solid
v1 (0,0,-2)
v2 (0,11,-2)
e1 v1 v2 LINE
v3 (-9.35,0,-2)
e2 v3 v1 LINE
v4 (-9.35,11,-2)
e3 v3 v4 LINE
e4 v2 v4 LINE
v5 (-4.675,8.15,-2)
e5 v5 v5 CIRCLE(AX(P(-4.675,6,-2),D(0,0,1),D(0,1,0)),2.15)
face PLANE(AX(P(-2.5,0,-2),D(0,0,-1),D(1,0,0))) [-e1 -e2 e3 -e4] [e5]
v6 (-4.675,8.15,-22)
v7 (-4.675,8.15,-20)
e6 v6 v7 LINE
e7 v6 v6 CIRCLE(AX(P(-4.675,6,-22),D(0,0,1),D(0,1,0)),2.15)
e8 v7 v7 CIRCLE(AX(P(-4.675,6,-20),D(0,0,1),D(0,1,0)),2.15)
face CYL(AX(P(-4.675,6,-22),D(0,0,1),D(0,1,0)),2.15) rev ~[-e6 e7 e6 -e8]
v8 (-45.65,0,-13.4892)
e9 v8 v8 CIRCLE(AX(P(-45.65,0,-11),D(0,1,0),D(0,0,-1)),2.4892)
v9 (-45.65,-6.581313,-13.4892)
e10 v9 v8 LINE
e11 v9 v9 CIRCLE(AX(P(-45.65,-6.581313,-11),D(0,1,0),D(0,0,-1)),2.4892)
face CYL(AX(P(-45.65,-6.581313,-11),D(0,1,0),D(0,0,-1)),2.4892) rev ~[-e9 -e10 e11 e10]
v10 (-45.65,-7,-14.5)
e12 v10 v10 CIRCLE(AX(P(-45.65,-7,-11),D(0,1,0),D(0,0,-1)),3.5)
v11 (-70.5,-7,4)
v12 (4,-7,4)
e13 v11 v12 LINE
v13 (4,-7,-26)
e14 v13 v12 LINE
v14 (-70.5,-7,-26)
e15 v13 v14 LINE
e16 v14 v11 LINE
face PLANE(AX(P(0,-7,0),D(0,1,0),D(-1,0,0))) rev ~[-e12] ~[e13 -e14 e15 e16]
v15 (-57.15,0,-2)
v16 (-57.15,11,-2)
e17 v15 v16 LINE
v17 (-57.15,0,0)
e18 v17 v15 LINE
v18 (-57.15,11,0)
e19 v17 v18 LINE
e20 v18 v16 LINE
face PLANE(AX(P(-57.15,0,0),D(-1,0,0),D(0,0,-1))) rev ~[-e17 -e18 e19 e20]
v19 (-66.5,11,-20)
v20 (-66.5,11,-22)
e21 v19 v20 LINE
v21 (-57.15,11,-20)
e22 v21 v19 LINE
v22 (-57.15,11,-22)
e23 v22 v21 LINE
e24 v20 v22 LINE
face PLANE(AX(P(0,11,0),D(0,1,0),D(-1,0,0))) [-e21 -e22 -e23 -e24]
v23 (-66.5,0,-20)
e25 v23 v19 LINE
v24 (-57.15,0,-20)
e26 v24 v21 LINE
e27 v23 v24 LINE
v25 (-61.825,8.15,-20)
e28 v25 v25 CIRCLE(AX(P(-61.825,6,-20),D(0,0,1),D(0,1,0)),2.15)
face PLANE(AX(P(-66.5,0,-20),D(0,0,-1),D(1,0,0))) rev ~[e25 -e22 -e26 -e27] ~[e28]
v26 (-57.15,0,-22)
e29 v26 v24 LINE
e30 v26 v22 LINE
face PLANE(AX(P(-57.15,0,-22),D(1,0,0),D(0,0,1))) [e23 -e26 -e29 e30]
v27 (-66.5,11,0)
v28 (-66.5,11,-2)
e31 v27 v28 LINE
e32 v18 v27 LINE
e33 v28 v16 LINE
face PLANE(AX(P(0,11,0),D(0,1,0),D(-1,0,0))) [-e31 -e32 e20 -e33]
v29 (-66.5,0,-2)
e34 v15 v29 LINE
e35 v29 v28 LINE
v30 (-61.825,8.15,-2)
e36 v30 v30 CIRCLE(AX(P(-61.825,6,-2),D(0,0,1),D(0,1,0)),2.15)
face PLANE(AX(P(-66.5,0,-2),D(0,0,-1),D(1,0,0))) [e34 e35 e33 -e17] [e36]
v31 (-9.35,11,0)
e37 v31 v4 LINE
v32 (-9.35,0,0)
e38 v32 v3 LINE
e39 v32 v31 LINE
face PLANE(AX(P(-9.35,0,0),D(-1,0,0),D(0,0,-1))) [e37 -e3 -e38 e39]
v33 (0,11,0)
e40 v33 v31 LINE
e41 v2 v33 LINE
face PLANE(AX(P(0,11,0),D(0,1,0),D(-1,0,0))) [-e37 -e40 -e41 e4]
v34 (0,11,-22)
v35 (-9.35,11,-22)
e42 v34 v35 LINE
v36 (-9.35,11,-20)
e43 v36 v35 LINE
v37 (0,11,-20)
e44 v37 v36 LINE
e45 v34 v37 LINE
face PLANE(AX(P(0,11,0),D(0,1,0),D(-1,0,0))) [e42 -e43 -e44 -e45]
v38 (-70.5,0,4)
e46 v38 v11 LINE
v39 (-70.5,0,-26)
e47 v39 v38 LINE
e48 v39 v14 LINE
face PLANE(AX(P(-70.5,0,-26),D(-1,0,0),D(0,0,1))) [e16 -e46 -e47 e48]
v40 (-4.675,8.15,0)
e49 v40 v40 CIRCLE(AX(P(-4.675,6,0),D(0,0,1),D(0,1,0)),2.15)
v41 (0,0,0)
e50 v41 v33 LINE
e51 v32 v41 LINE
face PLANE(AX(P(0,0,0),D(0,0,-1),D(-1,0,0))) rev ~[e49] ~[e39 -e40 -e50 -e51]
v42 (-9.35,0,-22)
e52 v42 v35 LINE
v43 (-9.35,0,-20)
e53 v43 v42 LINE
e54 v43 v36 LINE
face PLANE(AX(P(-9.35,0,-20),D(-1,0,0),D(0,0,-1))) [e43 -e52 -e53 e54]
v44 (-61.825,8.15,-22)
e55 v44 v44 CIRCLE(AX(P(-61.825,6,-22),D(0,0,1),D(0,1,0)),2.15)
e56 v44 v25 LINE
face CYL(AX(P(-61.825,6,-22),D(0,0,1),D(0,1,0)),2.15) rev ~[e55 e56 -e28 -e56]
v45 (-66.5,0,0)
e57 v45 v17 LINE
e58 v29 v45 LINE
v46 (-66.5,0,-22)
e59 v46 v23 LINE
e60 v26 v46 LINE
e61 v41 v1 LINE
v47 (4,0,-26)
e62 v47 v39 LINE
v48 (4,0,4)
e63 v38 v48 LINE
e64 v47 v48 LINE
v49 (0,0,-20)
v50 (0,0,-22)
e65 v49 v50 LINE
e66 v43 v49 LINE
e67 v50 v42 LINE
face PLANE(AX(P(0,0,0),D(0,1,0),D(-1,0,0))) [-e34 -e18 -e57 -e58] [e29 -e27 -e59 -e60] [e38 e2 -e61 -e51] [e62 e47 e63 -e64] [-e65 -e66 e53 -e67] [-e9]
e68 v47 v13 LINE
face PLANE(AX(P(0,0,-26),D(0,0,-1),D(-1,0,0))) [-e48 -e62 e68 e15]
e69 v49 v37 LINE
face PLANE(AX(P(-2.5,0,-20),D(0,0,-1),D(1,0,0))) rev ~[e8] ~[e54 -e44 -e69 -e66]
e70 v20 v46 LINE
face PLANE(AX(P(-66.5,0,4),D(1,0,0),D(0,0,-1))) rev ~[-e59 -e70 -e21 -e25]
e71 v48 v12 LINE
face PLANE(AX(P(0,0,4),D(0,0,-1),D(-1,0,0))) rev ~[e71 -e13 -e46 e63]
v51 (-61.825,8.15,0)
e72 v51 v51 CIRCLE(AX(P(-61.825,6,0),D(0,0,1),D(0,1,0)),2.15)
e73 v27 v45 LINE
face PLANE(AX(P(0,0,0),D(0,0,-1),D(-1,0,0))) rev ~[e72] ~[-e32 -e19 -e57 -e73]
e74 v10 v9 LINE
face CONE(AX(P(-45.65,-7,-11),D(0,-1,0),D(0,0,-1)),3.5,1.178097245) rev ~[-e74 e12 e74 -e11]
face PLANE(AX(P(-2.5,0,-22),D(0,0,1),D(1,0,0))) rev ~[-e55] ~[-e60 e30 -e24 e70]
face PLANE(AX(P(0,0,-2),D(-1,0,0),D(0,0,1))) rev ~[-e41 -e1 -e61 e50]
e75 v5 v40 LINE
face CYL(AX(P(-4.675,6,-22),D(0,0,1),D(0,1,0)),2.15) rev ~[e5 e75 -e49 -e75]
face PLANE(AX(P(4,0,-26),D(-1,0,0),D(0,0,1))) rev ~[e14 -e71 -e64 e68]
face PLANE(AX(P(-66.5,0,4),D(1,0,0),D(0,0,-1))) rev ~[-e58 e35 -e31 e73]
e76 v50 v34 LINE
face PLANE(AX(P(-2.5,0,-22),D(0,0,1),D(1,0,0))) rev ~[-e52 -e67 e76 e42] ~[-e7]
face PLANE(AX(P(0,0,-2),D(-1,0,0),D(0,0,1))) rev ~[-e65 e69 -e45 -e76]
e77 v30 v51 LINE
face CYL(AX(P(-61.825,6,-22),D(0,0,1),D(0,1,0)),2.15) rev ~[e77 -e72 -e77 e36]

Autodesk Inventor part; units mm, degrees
ref_plane "YZ Plane" through (0, 0, 0) normal (1, 0, 0) x (0, 1, 0)
ref_plane "XZ Plane" through (0, 0, 0) normal (0, 1, 0) x (-1, 0, 0)
ref_plane "XY Plane" through (0, 0, 0) normal (0, 0, 1) x (1, 0, 0)
sketch "Sketch1" plane through (0, 0, 0) normal (0, 1, 0) x (-1, 0, 0)
  line L0 (0, 0) -> (66.5, 0)
  line L1 (66.5, 0) -> (66.5, -22)
  line L2 (66.5, -22) -> (0, -22)
  line L3 (0, -22) -> (0, 0)
  line L4 (66.5, -2) -> (0, -2)
  line L5 (66.5, -20) -> (0, -20)
  line L6 (9.35, 0) -> (9.35, -2)
  line L7 (9.35, -20) -> (9.35, -22)
  line L8 (59.65, 0) -> (59.65, -2)
  line L9 (59.65, -20) -> (59.65, -22)
  line L10 (57.15, -22) -> (57.15, -20)
  line L11 (64, -22) -> (64, -20)
  line L12 (2.5, -22) -> (2.5, -20)
  line L13 (6.85, -22) -> (6.85, -20)
  line L14 (0, -11) -> (66.5, -11)
  line L15 (9.35, -2) -> (9.35, 0)
  line L16 (59.65, -2) -> (59.65, 0)
  line L17 (57.15, 0) -> (57.15, -2)
  line L18 (64, 0) -> (64, -2)
  line L19 (2.5, 0) -> (2.5, -2)
  line L20 (6.85, 0) -> (6.85, -2)
  line L21 (33.25, -2) -> (33.25, -20)
  line L22 (66.5, -22) -> (0, -22)
  line L23 (0, -22) -> (0, -26)
  line L24 (0, -26) -> (66.5, -26)
  line L25 (66.5, -26) -> (66.5, -22)
  line L26 (66.5, 0) -> (0, 0)
  line L27 (0, 0) -> (0, 4)
  line L28 (0, 4) -> (66.5, 4)
  line L29 (66.5, 4) -> (66.5, 0)
  line L30 (66.5, -26) -> (70.5, -26)
  line L31 (70.5, -26) -> (70.5, 4)
  line L32 (70.5, 4) -> (66.5, 4)
  line L33 (66.5, 4) -> (66.5, -26)
  line L34 (0, -26) -> (-4, -26)
  line L35 (-4, -26) -> (-4, 4)
  line L36 (-4, 4) -> (0, 4)
  line L37 (0, 4) -> (0, -26)
  point P0 (2.5, -21)
  point P1 (57.15, -21)
  point P2 (59.65, -21)
  point P3 (64, -21)
  point P4 (6.85, -21)
  point P5 (57.15, -2)
  point P6 (33.25, -11)
  point P7 (0, -22)
  point P8 (0, -22)
  dimension "d2" = 2
  dimension "d3" = 2
  dimension "d36" = 18
  dimension "d38" = 4.35
  dimension "d39" = 4.35
  dimension "d40" = 61.5
  dimension "d41" = 2.5
  dimension "d42" = 2.5
  dimension "d43" = 2.5
  dimension "d44" = 2.5
  dimension "d67" = 4
  dimension "d68" = 4
  dimension "d71" = 4
  dimension "d72" = 4
extrude "Extrusion2" add sketch "Sketch1" against normal blind 7 contours L0 L19 L4 L3 | L0 L20 L4 L19 | L4 L21 L14 L3 | L0 L6 L4 L20 | L14 L21 L5 L3 | L0 L17 L4 L6 | L5 L12 L2 L3 | L21 L4 L1 L14 | L14 L1 L5 L21 | L1 L4 L18 L0 | L0 L8 L4 L17 | L5 L13 L2 L12 | L5 L10 L2 L7 | L18 L4 L8 L0 | L5 L7 L2 L13 | L1 L2 L11 L5 | L5 L9 L2 L10 | L11 L2 L9 L5
extrude "Extrusion5" add sketch "Sketch1" along normal blind 11 contours L0 L19 L4 L3 | L0 L20 L4 L19 | L0 L6 L4 L20 | L5 L12 L2 L3 | L1 L4 L18 L0 | L0 L8 L4 L17 | L5 L13 L2 L12 | L18 L4 L8 L0 | L5 L7 L2 L13 | L1 L2 L11 L5 | L5 L9 L2 L10 | L11 L2 L9 L5
sketch "Sketch5" plane through (-66.5, -7, 0) normal (0, 0, 1) x (1, 0, 0)
  point P0 (66.5, 7)
sketch "Sketch6" plane through (-66.5, -7, 0) normal (0, 0, 1) x (1, 0, 0)
  point P0 (66.5, 7)
sketch "Sketch7" plane through (-66.5, -7, 0) normal (0, 0, 1) x (1, 0, 0)
  line L0 (66.5, 0) -> (66.5, 18) projected
  line L1 (57.15, 18) -> (66.5, 18) projected
  line L2 (0, 18) -> (9.35, 18) projected
  line L3 (9.35, 7) -> (9.35, 18) projected
  point P0 (66.5, 7)
  point P1 (61.825, 13)
  point P2 (4.675, 13)
  dimension "d55" = 4.675
  dimension "d56" = 5
  dimension "d57" = 5
  dimension "d58" = 4.675
sketch "Sketch8" plane through (0, -7, -22) normal (0, 0, -1) x (-1, 0, 0)
  point P0 (0, 7)
  point P1 (4.675, 13)
  point P2 (61.825, 13)
hole "Hole3" at (-4.675, 6, -22) at (-61.825, 6, -22) direction (0, 0, 1) diameter 4.3 end through all
extrude "Extrusion6" add sketch "Sketch1" against normal blind 7 contours L27 L28 L29 L0 | L2 L25 L24 L23
extrude "Extrusion7" add sketch "Sketch1" against normal blind 7 contours L3 L23 L34 L35 L36 L27 | L32 L31 L30 L25 L1 L29
sketch "Sketch9" plane through (0, -7, 0) normal (0, -1, 0) x (1, 0, 0)
  line L0 (-70.5, 4) -> (4, 4) projected
  line L1 (4, -26) -> (-70.5, -26) projected
  line L2 (-70.5, -26) -> (-70.5, 4) projected
  line L3 (4, -26) -> (4, 4) projected
  line L4 (4, 4) -> (-70.5, 4) projected
  line L5 (-45.65, 4) -> (-45.65, -26)
  line L6 (-70.5, -11) -> (4, -11)
  line L7 (4, 4) -> (4, -26) projected
  point P0 (0, 0)
  point P1 (-33.25, -11)
  point P2 (-45.65, -11)
  dimension "d91" = 24.85
hole "Hole4" at (-45.65, -7, -11) direction (0, 1, 0) diameter 4.9784 end through all countersink diameter 7 countersink angle 135 thread size "1/4-20 UNC" class "1B" standard "ANSI Unified Screw Threads"
properties part number "RadarMount_3DPrint"
